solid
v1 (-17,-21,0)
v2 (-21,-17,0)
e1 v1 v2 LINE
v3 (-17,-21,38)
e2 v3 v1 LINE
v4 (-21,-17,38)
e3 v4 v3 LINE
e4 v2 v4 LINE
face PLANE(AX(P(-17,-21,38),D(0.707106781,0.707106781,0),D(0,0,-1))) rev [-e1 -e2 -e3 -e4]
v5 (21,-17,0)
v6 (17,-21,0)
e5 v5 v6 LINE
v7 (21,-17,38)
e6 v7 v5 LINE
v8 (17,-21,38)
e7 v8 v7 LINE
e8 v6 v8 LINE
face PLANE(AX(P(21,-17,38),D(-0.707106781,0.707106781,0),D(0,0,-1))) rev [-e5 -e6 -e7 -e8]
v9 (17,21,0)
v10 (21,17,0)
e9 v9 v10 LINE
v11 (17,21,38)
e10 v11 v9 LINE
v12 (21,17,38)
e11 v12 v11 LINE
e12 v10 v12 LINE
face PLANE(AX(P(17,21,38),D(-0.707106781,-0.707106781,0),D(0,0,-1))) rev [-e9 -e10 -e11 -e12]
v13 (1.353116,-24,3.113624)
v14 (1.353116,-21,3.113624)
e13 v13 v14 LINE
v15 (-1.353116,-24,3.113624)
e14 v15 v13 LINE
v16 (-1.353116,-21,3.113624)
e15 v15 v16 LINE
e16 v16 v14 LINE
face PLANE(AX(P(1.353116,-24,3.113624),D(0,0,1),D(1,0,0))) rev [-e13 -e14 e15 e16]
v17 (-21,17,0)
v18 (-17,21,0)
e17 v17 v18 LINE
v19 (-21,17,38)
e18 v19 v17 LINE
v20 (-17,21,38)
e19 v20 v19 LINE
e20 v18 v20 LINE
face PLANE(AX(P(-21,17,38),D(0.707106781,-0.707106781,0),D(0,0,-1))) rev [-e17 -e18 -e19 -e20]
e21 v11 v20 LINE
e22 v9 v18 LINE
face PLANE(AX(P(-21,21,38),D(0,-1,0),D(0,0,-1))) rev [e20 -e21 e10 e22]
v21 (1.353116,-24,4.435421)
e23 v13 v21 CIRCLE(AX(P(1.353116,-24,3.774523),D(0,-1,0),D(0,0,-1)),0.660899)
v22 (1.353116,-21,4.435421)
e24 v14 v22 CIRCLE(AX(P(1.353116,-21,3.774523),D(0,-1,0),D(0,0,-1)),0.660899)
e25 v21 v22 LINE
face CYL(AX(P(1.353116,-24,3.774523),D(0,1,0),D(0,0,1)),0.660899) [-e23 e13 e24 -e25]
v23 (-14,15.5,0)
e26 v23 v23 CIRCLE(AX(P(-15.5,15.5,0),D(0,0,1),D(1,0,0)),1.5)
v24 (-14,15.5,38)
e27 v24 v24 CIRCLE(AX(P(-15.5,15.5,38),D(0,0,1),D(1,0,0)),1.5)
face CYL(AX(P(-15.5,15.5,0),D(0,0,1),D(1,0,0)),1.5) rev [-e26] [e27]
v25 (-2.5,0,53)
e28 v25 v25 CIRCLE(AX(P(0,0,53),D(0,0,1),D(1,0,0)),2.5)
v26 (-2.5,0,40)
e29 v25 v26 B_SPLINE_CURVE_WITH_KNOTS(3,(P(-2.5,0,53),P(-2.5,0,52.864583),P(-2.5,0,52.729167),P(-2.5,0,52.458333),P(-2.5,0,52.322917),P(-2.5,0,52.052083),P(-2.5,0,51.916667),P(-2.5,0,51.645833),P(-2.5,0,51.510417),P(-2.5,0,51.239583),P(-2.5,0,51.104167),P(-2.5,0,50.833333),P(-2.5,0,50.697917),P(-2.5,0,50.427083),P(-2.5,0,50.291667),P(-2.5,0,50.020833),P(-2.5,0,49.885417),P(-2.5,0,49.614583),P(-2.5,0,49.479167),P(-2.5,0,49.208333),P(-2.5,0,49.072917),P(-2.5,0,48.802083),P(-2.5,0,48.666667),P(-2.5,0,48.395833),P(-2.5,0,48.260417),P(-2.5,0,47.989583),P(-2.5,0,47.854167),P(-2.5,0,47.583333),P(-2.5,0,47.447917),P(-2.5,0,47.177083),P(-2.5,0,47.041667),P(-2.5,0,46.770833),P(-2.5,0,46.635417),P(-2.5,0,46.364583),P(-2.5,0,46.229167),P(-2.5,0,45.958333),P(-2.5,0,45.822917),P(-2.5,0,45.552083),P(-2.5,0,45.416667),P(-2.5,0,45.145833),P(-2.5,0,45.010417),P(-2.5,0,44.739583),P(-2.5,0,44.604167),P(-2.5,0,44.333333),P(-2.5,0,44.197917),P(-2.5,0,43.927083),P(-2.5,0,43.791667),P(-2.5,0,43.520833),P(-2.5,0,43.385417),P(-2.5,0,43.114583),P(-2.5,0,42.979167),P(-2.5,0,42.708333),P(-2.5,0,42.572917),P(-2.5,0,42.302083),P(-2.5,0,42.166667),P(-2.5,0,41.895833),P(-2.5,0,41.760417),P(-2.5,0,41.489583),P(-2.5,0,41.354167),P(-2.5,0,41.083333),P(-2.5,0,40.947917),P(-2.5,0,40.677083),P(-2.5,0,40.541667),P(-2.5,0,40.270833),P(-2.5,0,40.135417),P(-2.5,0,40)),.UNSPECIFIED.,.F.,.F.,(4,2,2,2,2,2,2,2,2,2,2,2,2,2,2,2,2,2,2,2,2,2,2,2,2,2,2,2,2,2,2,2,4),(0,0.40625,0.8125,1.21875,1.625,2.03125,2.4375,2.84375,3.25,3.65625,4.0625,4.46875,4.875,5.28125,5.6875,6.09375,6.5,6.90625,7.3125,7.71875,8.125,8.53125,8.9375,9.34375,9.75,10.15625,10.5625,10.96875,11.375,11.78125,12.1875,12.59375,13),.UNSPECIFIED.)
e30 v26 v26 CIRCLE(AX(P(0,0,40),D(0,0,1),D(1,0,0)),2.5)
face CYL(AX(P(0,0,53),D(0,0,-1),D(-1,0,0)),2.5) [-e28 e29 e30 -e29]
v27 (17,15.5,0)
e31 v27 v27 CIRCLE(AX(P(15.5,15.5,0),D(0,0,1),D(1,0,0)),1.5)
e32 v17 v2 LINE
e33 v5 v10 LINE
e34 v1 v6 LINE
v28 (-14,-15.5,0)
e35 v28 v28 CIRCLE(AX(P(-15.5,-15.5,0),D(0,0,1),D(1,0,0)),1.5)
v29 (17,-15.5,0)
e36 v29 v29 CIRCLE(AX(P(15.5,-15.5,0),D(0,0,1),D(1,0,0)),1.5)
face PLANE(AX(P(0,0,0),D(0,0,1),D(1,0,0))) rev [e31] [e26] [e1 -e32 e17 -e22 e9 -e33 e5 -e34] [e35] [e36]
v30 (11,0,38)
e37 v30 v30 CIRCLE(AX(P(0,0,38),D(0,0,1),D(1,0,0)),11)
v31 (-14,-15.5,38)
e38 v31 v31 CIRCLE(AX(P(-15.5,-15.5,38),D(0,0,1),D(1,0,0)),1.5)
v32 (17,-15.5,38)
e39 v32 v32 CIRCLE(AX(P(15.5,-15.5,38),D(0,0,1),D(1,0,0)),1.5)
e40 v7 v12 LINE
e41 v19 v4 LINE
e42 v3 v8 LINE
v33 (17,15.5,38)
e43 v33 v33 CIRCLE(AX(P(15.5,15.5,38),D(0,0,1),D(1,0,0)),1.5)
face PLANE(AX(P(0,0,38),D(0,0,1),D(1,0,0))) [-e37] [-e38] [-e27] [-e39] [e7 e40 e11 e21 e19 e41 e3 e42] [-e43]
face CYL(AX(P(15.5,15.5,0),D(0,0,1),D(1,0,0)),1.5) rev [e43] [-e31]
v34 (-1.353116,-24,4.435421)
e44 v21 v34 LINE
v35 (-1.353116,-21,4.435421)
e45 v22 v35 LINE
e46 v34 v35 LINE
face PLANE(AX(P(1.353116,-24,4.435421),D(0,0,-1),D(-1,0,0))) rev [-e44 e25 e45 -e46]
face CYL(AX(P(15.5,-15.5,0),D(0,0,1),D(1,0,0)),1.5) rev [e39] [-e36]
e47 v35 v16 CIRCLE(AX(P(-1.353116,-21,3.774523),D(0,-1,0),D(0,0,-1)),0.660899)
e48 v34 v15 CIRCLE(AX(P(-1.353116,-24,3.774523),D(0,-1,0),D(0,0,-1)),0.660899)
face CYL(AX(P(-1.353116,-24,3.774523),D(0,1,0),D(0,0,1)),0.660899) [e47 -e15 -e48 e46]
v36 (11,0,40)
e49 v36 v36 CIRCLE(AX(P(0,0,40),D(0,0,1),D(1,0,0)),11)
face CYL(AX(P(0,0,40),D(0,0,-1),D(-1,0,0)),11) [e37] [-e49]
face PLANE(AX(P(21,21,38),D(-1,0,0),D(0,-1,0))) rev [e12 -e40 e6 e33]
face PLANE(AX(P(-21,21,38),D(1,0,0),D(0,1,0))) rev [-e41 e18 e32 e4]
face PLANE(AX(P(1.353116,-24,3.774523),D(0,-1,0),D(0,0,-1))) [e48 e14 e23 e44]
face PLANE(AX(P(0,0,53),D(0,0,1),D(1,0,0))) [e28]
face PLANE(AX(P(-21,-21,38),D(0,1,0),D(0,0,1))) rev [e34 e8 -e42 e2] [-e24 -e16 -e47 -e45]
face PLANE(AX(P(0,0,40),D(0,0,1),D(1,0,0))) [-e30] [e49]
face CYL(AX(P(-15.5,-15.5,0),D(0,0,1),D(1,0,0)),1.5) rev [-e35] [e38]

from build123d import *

# Parameters (mm, degrees)
CROQUIS1_W              = 42
CROQUIS1_H              = 42
SALIENTE_EXTRUIR1_DEPTH = 38
CROQUIS2_R              = 11
SALIENTE_EXTRUIR2_DEPTH = 2
CROQUIS3_R              = 2.5
SALIENTE_EXTRUIR3_DEPTH = 13
CHAFL_N1_SIZE           = 4
CROQUIS4_R              = 1.5
CORTAR_EXTRUIR1_DEPTH   = 49.228622207
SALIENTE_EXTRUIR4_DEPTH = 3


with BuildPart() as part:
    # Croquis1 → Saliente-Extruir1 (new body)
    with BuildSketch(Plane.XY):
        Rectangle(CROQUIS1_W, CROQUIS1_H)
    extrude(amount=SALIENTE_EXTRUIR1_DEPTH)

    # Croquis2 → Saliente-Extruir2 (add)
    with BuildSketch(Plane.XY.offset(38)):
        Circle(CROQUIS2_R)
    extrude(amount=SALIENTE_EXTRUIR2_DEPTH)

    # Croquis3 → Saliente-Extruir3 (add)
    with BuildSketch(Plane.XY.offset(40)):
        with Locations(Location((0, 0, 0), (0, 0, 180))):
            Circle(CROQUIS3_R)
    extrude(amount=SALIENTE_EXTRUIR3_DEPTH)

    # Chaflán1
    chafl_n1_edges = [part.edges().sort_by_distance(p)[0] for p in [
        (21, -21, 19),
        (-21, -21, 19),
        (-21, 21, 19),
        (21, 21, 19),
    ]]
    chamfer(chafl_n1_edges, length=CHAFL_N1_SIZE)

    # Croquis4 → Cortar-Extruir1 (cut, through all)
    with BuildSketch(Plane.XY.offset(38)):
        with Locations((15.5, 15.5)):
            Circle(CROQUIS4_R)
        with Locations((-15.5, 15.5)):
            Circle(CROQUIS4_R)
        with Locations((-15.5, -15.5)):
            Circle(CROQUIS4_R)
        with Locations((15.5, -15.5)):
            Circle(CROQUIS4_R)
    extrude(amount=-CORTAR_EXTRUIR1_DEPTH, mode=Mode.SUBTRACT)

    # Croquis6 → Saliente-Extruir4 (add)
    with BuildSketch(Plane.XZ.offset(21)):
        with BuildLine():
            Line((1.353116467, 3.113624341), (-1.353116467, 3.113624341))
            ThreePointArc((-1.353116467, 3.113624341), (-2.014015037, 3.77452291), (-1.353116467, 4.43542148))
            Line((-1.353116467, 4.43542148), (1.353116467, 4.43542148))
            ThreePointArc((1.353116467, 4.43542148), (2.014015037, 3.77452291), (1.353116467, 3.113624341))
        make_face()
    extrude(amount=SALIENTE_EXTRUIR4_DEPTH)


solid = part.part
